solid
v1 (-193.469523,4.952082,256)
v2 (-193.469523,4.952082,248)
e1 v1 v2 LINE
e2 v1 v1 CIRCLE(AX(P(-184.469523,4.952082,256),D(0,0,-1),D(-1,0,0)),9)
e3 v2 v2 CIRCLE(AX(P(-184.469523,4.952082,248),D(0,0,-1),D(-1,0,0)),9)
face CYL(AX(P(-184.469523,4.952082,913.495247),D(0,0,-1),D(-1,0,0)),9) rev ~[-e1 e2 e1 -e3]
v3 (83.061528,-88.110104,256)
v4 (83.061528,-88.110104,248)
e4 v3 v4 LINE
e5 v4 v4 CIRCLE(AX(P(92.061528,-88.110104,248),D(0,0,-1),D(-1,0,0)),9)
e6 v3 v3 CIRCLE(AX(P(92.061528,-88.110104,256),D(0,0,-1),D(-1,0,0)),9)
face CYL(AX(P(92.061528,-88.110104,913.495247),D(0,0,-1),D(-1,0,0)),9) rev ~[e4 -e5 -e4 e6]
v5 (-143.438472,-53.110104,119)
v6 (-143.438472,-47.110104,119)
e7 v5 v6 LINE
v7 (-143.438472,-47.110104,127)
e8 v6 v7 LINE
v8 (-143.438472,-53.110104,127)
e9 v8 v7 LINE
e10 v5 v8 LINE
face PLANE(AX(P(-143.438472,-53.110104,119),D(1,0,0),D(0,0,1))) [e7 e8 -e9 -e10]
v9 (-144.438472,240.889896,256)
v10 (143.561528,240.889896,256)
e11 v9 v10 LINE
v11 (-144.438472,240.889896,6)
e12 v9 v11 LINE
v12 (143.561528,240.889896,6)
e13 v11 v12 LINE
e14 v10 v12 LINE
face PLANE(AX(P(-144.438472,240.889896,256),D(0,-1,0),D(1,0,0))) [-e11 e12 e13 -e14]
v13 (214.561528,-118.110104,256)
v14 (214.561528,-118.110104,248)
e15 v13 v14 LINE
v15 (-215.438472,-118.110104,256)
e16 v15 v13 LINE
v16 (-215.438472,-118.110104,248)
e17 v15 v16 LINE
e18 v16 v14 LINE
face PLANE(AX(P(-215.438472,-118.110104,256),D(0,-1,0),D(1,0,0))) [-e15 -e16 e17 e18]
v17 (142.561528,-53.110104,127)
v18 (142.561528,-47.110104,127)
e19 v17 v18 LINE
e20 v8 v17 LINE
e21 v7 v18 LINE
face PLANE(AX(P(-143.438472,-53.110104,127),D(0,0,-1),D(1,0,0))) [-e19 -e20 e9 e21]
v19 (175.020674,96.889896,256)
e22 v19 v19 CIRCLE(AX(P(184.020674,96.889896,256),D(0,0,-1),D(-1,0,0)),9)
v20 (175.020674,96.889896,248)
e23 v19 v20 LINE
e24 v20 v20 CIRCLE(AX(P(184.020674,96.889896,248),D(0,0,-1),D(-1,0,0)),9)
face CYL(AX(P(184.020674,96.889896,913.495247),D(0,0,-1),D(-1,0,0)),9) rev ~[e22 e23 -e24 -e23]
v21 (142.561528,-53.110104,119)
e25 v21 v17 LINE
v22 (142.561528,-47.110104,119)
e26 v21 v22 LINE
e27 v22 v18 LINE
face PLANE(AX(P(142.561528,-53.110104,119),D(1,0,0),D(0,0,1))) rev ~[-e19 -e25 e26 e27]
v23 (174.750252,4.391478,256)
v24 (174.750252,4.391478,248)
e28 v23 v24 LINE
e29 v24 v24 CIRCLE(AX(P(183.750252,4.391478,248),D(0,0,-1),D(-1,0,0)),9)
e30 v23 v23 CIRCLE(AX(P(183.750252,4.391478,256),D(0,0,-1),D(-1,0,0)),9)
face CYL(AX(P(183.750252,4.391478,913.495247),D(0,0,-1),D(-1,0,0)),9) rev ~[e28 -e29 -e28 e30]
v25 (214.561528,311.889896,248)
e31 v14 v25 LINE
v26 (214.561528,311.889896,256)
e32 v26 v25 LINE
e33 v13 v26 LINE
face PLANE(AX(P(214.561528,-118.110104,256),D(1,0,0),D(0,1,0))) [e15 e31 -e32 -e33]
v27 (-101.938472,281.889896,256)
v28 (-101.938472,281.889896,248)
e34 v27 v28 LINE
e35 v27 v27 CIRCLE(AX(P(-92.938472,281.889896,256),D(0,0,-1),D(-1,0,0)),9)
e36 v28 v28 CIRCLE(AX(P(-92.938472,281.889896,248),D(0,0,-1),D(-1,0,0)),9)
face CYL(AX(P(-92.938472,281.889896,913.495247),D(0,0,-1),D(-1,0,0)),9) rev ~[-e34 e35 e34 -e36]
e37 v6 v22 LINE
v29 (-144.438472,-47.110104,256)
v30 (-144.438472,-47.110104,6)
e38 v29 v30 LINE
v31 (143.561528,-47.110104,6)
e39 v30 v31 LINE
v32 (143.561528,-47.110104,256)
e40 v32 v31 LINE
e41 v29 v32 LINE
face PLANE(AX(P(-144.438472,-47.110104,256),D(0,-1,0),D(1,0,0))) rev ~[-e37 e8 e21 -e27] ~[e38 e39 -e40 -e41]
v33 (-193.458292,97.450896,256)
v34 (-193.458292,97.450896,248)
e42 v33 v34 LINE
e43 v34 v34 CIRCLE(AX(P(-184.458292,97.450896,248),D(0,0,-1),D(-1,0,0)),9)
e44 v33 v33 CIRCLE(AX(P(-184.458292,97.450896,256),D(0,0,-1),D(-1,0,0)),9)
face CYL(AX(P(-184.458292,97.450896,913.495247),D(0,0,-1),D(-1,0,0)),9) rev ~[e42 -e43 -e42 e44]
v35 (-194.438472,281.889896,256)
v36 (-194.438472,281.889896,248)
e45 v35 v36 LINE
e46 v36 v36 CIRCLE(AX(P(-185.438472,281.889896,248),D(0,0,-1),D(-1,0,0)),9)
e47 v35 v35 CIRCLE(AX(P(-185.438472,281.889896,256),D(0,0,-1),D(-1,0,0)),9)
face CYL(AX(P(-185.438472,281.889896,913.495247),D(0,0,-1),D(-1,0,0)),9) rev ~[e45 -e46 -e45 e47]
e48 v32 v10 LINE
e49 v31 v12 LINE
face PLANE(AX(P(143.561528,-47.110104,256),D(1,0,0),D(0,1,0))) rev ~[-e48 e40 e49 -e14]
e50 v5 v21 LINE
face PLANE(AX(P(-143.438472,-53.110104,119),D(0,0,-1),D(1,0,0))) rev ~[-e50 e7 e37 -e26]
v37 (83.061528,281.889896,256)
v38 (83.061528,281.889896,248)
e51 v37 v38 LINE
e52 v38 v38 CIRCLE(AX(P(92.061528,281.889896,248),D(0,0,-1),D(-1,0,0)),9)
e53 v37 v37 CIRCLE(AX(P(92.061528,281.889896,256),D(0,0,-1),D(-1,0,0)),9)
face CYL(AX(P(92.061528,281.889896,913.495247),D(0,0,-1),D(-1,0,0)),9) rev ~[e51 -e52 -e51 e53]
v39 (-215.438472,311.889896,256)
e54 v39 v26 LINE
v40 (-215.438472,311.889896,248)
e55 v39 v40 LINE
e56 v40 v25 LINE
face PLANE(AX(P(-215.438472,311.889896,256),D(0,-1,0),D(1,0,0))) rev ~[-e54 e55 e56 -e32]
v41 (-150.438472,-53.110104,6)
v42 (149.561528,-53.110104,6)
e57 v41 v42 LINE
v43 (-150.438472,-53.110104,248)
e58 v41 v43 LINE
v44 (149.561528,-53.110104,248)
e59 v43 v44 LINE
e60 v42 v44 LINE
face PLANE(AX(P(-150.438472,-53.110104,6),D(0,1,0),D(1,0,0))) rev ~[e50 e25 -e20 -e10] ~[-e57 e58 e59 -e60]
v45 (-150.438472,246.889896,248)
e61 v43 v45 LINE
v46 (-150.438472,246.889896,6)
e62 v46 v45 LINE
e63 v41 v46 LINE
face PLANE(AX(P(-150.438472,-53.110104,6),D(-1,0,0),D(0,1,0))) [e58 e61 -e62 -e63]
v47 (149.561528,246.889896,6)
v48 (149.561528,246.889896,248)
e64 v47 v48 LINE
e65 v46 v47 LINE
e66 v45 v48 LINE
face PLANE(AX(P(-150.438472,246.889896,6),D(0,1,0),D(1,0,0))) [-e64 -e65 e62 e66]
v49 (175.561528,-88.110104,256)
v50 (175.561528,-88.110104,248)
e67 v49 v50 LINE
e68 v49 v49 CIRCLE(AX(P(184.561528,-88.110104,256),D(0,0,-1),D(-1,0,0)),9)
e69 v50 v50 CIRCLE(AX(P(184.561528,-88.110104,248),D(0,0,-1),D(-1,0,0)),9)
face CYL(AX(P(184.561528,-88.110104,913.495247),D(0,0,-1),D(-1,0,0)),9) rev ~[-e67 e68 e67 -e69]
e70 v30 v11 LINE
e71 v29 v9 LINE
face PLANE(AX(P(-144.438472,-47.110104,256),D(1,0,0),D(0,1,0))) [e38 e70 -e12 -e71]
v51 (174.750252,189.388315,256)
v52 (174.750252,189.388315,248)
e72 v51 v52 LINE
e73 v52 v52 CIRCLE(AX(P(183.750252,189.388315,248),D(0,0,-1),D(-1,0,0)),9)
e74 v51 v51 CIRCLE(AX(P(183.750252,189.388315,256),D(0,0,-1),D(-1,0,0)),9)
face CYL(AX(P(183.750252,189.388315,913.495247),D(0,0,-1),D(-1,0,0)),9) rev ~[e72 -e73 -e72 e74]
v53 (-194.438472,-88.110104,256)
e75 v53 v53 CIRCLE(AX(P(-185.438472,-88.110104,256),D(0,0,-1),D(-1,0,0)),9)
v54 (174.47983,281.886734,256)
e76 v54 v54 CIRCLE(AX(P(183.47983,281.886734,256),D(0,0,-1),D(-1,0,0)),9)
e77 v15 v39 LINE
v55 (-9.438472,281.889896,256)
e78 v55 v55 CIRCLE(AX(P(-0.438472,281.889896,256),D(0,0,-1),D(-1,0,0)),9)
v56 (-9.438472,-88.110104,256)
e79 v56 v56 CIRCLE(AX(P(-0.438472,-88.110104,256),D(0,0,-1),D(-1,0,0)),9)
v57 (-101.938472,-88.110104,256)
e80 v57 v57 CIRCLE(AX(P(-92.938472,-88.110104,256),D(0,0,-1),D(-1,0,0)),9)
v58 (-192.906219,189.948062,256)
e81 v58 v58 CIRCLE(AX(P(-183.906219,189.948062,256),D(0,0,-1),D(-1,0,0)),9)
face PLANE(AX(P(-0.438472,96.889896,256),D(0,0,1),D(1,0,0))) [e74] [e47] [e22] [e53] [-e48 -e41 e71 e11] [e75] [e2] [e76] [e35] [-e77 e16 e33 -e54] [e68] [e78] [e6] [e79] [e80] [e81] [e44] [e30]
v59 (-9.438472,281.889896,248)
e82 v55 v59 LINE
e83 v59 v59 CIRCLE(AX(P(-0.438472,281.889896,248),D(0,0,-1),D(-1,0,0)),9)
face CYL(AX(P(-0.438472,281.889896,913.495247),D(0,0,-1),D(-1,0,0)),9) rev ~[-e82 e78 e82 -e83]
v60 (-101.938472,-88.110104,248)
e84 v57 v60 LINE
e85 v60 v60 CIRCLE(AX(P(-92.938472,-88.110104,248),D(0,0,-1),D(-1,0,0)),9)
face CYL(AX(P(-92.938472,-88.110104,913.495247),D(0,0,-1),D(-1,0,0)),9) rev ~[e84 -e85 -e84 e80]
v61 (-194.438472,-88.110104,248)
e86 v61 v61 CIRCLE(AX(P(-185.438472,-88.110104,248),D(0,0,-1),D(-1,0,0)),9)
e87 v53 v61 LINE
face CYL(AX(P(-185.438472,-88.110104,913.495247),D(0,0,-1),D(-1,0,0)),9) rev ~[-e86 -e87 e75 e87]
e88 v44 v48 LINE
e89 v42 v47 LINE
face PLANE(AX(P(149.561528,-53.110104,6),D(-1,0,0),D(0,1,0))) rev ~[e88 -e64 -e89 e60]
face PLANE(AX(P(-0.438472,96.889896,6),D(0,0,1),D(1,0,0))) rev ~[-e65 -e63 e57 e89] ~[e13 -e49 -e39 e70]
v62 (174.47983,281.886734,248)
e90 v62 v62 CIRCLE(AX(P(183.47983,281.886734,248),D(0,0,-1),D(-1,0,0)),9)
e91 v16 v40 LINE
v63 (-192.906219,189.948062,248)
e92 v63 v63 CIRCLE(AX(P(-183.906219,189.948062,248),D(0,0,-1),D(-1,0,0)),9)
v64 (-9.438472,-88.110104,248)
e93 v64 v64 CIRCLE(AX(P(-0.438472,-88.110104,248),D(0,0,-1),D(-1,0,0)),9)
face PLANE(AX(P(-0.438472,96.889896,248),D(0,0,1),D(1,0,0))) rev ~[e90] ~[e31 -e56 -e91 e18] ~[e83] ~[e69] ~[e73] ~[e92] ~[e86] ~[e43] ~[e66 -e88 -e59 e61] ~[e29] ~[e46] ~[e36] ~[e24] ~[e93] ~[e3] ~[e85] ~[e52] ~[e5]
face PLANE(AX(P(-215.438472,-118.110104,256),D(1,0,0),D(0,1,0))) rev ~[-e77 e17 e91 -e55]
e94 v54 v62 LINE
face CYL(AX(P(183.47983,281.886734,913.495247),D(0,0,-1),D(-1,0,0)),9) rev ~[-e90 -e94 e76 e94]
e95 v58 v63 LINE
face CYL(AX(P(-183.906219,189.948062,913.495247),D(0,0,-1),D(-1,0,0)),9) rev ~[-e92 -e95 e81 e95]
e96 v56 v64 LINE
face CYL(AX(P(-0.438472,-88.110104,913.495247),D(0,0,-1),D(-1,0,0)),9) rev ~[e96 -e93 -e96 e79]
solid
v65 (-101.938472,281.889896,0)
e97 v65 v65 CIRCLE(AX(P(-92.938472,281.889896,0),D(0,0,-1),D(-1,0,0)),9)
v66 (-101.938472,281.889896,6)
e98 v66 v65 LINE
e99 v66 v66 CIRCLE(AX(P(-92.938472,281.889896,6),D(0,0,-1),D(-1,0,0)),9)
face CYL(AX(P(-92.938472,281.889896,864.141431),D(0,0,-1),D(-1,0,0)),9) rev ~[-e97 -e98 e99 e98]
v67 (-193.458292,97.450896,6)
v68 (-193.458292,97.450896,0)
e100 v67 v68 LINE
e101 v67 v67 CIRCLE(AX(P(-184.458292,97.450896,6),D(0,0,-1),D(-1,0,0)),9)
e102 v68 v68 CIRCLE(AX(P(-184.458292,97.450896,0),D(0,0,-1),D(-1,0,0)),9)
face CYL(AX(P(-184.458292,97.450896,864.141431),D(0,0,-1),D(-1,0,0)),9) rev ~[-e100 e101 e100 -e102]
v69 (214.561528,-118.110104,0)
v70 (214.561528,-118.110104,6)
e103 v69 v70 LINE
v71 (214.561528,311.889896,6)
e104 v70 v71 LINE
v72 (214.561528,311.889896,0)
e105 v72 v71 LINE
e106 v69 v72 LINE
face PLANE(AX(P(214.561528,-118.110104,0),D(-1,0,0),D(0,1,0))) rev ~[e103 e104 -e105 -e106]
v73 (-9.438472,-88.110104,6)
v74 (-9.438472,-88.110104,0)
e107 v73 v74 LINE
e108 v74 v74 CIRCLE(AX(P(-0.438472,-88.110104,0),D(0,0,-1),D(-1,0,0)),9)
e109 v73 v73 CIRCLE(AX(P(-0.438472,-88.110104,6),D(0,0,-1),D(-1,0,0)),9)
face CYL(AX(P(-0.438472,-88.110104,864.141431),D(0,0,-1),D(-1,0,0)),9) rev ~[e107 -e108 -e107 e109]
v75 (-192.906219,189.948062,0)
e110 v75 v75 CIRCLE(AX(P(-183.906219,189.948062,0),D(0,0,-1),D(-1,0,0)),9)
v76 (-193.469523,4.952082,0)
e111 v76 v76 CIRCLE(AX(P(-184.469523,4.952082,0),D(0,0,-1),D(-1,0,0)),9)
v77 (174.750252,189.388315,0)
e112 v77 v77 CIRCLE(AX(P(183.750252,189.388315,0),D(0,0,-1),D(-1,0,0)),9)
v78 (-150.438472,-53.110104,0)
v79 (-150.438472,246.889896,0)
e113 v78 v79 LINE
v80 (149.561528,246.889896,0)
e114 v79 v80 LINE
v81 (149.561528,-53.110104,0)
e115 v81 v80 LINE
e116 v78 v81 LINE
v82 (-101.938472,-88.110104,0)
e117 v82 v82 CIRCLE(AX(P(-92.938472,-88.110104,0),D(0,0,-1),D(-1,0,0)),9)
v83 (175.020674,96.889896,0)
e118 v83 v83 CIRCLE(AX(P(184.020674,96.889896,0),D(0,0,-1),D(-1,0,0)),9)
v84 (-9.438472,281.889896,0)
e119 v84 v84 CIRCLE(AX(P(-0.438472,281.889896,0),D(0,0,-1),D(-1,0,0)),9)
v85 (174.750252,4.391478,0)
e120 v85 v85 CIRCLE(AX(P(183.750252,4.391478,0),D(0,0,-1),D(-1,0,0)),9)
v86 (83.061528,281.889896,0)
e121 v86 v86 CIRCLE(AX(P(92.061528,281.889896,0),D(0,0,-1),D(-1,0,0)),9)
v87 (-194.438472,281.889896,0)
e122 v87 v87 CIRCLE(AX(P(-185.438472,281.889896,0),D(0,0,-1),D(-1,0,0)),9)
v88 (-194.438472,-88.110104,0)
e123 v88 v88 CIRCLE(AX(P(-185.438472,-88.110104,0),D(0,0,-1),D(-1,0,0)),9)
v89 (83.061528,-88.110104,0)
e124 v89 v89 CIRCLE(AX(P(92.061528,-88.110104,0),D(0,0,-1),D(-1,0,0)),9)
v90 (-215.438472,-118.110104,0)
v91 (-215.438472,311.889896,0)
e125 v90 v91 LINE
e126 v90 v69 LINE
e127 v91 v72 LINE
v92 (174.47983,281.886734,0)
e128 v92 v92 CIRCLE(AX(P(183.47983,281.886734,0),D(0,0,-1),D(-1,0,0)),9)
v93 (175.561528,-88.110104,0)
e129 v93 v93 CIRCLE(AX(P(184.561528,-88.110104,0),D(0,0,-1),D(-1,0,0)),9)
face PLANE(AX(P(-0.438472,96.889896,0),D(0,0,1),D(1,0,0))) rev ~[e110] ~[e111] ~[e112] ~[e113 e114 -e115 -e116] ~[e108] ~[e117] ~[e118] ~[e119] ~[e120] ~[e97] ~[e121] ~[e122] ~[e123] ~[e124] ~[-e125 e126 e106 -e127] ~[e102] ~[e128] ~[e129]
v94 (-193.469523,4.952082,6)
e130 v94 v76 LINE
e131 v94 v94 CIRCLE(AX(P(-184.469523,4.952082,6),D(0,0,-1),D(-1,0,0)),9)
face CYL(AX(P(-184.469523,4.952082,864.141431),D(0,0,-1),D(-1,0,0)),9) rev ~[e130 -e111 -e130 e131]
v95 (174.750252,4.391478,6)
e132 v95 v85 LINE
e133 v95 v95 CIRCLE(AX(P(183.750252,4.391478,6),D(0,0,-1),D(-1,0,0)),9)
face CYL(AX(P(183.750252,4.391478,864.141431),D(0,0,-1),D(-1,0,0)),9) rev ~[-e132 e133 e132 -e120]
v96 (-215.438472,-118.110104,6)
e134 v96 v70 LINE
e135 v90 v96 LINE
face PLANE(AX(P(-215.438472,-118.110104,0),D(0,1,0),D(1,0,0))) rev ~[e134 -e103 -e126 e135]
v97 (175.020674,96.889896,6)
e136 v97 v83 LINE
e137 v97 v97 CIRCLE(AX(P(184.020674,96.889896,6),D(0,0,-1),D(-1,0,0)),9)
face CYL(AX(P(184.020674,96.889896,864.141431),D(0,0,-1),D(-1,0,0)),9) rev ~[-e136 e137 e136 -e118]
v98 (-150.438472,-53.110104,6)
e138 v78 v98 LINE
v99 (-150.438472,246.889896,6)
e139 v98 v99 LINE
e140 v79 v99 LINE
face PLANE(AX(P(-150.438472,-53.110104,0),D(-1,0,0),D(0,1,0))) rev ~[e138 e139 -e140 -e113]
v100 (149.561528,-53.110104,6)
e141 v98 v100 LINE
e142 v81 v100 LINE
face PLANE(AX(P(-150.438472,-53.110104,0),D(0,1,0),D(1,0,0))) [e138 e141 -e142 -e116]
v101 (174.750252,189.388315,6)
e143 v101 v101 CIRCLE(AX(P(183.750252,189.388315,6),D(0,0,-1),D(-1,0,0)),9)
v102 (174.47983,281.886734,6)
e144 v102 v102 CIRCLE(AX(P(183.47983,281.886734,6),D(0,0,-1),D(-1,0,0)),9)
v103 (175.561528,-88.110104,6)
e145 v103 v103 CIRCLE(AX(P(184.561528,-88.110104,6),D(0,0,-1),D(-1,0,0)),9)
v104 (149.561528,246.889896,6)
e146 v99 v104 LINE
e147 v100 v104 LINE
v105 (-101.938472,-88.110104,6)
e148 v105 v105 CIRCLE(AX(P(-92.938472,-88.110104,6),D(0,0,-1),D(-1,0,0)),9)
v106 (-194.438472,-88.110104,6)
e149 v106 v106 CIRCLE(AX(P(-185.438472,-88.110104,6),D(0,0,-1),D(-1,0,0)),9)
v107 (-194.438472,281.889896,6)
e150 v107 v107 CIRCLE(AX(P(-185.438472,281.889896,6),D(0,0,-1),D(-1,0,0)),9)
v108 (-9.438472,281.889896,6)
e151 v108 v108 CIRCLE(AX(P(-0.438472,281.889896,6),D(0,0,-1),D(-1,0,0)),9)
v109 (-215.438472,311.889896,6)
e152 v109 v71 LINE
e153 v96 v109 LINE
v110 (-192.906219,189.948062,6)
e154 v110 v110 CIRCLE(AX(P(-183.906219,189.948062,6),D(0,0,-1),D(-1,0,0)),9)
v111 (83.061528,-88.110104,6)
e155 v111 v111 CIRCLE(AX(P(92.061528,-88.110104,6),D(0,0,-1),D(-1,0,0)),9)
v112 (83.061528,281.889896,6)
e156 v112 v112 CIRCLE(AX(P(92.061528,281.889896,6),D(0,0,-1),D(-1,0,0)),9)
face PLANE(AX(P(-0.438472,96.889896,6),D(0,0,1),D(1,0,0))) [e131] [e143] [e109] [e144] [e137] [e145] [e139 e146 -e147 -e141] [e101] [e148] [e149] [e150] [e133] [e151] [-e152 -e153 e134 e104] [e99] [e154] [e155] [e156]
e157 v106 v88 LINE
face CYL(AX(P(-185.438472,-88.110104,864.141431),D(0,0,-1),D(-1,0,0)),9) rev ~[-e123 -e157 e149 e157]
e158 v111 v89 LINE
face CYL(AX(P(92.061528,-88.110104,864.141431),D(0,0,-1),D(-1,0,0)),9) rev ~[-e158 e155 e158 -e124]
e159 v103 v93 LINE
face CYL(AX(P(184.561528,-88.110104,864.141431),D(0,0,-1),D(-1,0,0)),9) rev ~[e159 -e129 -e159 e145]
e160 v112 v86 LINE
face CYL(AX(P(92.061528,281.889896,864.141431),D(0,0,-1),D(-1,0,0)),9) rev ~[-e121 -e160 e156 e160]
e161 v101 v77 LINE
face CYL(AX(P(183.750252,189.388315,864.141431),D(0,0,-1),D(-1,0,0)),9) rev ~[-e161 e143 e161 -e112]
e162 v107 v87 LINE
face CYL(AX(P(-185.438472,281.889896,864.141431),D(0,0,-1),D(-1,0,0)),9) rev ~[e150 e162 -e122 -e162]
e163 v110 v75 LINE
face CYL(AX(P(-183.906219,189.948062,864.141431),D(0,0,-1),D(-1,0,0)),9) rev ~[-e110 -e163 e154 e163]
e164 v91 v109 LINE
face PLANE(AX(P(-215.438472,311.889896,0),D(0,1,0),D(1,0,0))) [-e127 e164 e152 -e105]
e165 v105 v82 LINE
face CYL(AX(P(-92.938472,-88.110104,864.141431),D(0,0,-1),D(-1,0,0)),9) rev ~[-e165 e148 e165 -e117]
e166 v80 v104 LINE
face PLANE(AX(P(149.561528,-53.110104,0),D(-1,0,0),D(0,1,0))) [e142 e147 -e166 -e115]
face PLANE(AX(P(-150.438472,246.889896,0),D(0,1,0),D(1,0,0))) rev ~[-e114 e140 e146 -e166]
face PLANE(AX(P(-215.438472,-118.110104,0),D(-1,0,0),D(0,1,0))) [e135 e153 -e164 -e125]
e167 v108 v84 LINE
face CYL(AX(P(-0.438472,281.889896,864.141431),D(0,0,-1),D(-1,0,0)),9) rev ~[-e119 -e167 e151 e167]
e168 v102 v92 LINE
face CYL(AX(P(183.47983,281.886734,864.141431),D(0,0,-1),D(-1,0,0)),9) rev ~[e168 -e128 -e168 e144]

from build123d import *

# Parameters (mm, degrees)
F0_W     = 430
F0_H     = 430
F0_W_2   = 300
F0_H_2   = 300
F1_DEPTH = 6
F2_W     = 300
F2_H     = 300
F3_DEPTH = 250
F4_W     = 288
F4_H     = 288
F5_DEPTH = 566.42
F6_W     = 430
F6_H     = 430
F6_W_2   = 300
F6_H_2   = 300
F7_DEPTH = 8
F8_W     = 286
F8_H     = 8
F9_DEPTH = 294
F11_D    = 18
F11_2_D  = 18


with BuildPart() as f1:
    # F0 (on Top) → F1 (new body)
    with BuildSketch(Plane.XY):
        with Locations((-0.438472, 96.889896)):
            Rectangle(F0_W, F0_H)
        with Locations((-0.438472, 96.889896)):
            Rectangle(F0_W_2, F0_H_2, mode=Mode.SUBTRACT)
    extrude(amount=F1_DEPTH)

    # F11 (through all)
    with Locations(Plane.XY.offset(256)):
        with Locations((-185.438472, -88.110104), (-184.469523, 4.952082), (-184.458292, 97.450896), (-183.906219, 189.948062), (-185.438472, 281.889896), (-92.938472, 281.889896), (-0.438472, 281.889896), (92.061528, 281.889896), (183.47983, 281.886734), (183.750252, 189.388315), (184.020674, 96.889896), (183.750252, 4.391478), (184.561528, -88.110104), (92.061528, -88.110104), (-0.438472, -88.110104), (-92.938472, -88.110104)):
            Hole(F11_D / 2)


with BuildPart() as f3:
    # F2 (on face) → F3 (new body)
    with BuildSketch(Plane.XY.offset(6)):
        with Locations((-0.438472, 96.889896)):
            Rectangle(F2_W, F2_H)
    extrude(amount=F3_DEPTH)

    # F4 (on face) → F5 (cut)
    with BuildSketch(Plane.XY.offset(256)):
        with Locations((-0.438472, 96.889896)):
            Rectangle(F4_W, F4_H)
    extrude(amount=-F5_DEPTH, mode=Mode.SUBTRACT)

    # F6 (on face) → F7 (join)
    with BuildSketch(Plane.XY.offset(256)):
        with Locations((-0.438472, 96.889896)):
            Rectangle(F6_W, F6_H)
        with Locations((-0.438472, 96.889896)):
            Rectangle(F6_W_2, F6_H_2, mode=Mode.SUBTRACT)
    extrude(amount=-F7_DEPTH)

    # F8 (on face) → F9 (cut, through all)
    with BuildSketch(Plane.XZ.offset(53.110104)):
        with Locations((-0.438472, 123)):
            Rectangle(F8_W, F8_H)
    extrude(amount=-F9_DEPTH, mode=Mode.SUBTRACT)

    # F11#2 (through all)
    with Locations(Plane.XY.offset(256)):
        with Locations((-185.438472, -88.110104), (-184.469523, 4.952082), (-184.458292, 97.450896), (-183.906219, 189.948062), (-185.438472, 281.889896), (-92.938472, 281.889896), (-0.438472, 281.889896), (92.061528, 281.889896), (183.47983, 281.886734), (183.750252, 189.388315), (184.020674, 96.889896), (183.750252, 4.391478), (184.561528, -88.110104), (92.061528, -88.110104), (-0.438472, -88.110104), (-92.938472, -88.110104)):
            Hole(F11_2_D / 2)


solid = Compound([f1.part, f3.part])
